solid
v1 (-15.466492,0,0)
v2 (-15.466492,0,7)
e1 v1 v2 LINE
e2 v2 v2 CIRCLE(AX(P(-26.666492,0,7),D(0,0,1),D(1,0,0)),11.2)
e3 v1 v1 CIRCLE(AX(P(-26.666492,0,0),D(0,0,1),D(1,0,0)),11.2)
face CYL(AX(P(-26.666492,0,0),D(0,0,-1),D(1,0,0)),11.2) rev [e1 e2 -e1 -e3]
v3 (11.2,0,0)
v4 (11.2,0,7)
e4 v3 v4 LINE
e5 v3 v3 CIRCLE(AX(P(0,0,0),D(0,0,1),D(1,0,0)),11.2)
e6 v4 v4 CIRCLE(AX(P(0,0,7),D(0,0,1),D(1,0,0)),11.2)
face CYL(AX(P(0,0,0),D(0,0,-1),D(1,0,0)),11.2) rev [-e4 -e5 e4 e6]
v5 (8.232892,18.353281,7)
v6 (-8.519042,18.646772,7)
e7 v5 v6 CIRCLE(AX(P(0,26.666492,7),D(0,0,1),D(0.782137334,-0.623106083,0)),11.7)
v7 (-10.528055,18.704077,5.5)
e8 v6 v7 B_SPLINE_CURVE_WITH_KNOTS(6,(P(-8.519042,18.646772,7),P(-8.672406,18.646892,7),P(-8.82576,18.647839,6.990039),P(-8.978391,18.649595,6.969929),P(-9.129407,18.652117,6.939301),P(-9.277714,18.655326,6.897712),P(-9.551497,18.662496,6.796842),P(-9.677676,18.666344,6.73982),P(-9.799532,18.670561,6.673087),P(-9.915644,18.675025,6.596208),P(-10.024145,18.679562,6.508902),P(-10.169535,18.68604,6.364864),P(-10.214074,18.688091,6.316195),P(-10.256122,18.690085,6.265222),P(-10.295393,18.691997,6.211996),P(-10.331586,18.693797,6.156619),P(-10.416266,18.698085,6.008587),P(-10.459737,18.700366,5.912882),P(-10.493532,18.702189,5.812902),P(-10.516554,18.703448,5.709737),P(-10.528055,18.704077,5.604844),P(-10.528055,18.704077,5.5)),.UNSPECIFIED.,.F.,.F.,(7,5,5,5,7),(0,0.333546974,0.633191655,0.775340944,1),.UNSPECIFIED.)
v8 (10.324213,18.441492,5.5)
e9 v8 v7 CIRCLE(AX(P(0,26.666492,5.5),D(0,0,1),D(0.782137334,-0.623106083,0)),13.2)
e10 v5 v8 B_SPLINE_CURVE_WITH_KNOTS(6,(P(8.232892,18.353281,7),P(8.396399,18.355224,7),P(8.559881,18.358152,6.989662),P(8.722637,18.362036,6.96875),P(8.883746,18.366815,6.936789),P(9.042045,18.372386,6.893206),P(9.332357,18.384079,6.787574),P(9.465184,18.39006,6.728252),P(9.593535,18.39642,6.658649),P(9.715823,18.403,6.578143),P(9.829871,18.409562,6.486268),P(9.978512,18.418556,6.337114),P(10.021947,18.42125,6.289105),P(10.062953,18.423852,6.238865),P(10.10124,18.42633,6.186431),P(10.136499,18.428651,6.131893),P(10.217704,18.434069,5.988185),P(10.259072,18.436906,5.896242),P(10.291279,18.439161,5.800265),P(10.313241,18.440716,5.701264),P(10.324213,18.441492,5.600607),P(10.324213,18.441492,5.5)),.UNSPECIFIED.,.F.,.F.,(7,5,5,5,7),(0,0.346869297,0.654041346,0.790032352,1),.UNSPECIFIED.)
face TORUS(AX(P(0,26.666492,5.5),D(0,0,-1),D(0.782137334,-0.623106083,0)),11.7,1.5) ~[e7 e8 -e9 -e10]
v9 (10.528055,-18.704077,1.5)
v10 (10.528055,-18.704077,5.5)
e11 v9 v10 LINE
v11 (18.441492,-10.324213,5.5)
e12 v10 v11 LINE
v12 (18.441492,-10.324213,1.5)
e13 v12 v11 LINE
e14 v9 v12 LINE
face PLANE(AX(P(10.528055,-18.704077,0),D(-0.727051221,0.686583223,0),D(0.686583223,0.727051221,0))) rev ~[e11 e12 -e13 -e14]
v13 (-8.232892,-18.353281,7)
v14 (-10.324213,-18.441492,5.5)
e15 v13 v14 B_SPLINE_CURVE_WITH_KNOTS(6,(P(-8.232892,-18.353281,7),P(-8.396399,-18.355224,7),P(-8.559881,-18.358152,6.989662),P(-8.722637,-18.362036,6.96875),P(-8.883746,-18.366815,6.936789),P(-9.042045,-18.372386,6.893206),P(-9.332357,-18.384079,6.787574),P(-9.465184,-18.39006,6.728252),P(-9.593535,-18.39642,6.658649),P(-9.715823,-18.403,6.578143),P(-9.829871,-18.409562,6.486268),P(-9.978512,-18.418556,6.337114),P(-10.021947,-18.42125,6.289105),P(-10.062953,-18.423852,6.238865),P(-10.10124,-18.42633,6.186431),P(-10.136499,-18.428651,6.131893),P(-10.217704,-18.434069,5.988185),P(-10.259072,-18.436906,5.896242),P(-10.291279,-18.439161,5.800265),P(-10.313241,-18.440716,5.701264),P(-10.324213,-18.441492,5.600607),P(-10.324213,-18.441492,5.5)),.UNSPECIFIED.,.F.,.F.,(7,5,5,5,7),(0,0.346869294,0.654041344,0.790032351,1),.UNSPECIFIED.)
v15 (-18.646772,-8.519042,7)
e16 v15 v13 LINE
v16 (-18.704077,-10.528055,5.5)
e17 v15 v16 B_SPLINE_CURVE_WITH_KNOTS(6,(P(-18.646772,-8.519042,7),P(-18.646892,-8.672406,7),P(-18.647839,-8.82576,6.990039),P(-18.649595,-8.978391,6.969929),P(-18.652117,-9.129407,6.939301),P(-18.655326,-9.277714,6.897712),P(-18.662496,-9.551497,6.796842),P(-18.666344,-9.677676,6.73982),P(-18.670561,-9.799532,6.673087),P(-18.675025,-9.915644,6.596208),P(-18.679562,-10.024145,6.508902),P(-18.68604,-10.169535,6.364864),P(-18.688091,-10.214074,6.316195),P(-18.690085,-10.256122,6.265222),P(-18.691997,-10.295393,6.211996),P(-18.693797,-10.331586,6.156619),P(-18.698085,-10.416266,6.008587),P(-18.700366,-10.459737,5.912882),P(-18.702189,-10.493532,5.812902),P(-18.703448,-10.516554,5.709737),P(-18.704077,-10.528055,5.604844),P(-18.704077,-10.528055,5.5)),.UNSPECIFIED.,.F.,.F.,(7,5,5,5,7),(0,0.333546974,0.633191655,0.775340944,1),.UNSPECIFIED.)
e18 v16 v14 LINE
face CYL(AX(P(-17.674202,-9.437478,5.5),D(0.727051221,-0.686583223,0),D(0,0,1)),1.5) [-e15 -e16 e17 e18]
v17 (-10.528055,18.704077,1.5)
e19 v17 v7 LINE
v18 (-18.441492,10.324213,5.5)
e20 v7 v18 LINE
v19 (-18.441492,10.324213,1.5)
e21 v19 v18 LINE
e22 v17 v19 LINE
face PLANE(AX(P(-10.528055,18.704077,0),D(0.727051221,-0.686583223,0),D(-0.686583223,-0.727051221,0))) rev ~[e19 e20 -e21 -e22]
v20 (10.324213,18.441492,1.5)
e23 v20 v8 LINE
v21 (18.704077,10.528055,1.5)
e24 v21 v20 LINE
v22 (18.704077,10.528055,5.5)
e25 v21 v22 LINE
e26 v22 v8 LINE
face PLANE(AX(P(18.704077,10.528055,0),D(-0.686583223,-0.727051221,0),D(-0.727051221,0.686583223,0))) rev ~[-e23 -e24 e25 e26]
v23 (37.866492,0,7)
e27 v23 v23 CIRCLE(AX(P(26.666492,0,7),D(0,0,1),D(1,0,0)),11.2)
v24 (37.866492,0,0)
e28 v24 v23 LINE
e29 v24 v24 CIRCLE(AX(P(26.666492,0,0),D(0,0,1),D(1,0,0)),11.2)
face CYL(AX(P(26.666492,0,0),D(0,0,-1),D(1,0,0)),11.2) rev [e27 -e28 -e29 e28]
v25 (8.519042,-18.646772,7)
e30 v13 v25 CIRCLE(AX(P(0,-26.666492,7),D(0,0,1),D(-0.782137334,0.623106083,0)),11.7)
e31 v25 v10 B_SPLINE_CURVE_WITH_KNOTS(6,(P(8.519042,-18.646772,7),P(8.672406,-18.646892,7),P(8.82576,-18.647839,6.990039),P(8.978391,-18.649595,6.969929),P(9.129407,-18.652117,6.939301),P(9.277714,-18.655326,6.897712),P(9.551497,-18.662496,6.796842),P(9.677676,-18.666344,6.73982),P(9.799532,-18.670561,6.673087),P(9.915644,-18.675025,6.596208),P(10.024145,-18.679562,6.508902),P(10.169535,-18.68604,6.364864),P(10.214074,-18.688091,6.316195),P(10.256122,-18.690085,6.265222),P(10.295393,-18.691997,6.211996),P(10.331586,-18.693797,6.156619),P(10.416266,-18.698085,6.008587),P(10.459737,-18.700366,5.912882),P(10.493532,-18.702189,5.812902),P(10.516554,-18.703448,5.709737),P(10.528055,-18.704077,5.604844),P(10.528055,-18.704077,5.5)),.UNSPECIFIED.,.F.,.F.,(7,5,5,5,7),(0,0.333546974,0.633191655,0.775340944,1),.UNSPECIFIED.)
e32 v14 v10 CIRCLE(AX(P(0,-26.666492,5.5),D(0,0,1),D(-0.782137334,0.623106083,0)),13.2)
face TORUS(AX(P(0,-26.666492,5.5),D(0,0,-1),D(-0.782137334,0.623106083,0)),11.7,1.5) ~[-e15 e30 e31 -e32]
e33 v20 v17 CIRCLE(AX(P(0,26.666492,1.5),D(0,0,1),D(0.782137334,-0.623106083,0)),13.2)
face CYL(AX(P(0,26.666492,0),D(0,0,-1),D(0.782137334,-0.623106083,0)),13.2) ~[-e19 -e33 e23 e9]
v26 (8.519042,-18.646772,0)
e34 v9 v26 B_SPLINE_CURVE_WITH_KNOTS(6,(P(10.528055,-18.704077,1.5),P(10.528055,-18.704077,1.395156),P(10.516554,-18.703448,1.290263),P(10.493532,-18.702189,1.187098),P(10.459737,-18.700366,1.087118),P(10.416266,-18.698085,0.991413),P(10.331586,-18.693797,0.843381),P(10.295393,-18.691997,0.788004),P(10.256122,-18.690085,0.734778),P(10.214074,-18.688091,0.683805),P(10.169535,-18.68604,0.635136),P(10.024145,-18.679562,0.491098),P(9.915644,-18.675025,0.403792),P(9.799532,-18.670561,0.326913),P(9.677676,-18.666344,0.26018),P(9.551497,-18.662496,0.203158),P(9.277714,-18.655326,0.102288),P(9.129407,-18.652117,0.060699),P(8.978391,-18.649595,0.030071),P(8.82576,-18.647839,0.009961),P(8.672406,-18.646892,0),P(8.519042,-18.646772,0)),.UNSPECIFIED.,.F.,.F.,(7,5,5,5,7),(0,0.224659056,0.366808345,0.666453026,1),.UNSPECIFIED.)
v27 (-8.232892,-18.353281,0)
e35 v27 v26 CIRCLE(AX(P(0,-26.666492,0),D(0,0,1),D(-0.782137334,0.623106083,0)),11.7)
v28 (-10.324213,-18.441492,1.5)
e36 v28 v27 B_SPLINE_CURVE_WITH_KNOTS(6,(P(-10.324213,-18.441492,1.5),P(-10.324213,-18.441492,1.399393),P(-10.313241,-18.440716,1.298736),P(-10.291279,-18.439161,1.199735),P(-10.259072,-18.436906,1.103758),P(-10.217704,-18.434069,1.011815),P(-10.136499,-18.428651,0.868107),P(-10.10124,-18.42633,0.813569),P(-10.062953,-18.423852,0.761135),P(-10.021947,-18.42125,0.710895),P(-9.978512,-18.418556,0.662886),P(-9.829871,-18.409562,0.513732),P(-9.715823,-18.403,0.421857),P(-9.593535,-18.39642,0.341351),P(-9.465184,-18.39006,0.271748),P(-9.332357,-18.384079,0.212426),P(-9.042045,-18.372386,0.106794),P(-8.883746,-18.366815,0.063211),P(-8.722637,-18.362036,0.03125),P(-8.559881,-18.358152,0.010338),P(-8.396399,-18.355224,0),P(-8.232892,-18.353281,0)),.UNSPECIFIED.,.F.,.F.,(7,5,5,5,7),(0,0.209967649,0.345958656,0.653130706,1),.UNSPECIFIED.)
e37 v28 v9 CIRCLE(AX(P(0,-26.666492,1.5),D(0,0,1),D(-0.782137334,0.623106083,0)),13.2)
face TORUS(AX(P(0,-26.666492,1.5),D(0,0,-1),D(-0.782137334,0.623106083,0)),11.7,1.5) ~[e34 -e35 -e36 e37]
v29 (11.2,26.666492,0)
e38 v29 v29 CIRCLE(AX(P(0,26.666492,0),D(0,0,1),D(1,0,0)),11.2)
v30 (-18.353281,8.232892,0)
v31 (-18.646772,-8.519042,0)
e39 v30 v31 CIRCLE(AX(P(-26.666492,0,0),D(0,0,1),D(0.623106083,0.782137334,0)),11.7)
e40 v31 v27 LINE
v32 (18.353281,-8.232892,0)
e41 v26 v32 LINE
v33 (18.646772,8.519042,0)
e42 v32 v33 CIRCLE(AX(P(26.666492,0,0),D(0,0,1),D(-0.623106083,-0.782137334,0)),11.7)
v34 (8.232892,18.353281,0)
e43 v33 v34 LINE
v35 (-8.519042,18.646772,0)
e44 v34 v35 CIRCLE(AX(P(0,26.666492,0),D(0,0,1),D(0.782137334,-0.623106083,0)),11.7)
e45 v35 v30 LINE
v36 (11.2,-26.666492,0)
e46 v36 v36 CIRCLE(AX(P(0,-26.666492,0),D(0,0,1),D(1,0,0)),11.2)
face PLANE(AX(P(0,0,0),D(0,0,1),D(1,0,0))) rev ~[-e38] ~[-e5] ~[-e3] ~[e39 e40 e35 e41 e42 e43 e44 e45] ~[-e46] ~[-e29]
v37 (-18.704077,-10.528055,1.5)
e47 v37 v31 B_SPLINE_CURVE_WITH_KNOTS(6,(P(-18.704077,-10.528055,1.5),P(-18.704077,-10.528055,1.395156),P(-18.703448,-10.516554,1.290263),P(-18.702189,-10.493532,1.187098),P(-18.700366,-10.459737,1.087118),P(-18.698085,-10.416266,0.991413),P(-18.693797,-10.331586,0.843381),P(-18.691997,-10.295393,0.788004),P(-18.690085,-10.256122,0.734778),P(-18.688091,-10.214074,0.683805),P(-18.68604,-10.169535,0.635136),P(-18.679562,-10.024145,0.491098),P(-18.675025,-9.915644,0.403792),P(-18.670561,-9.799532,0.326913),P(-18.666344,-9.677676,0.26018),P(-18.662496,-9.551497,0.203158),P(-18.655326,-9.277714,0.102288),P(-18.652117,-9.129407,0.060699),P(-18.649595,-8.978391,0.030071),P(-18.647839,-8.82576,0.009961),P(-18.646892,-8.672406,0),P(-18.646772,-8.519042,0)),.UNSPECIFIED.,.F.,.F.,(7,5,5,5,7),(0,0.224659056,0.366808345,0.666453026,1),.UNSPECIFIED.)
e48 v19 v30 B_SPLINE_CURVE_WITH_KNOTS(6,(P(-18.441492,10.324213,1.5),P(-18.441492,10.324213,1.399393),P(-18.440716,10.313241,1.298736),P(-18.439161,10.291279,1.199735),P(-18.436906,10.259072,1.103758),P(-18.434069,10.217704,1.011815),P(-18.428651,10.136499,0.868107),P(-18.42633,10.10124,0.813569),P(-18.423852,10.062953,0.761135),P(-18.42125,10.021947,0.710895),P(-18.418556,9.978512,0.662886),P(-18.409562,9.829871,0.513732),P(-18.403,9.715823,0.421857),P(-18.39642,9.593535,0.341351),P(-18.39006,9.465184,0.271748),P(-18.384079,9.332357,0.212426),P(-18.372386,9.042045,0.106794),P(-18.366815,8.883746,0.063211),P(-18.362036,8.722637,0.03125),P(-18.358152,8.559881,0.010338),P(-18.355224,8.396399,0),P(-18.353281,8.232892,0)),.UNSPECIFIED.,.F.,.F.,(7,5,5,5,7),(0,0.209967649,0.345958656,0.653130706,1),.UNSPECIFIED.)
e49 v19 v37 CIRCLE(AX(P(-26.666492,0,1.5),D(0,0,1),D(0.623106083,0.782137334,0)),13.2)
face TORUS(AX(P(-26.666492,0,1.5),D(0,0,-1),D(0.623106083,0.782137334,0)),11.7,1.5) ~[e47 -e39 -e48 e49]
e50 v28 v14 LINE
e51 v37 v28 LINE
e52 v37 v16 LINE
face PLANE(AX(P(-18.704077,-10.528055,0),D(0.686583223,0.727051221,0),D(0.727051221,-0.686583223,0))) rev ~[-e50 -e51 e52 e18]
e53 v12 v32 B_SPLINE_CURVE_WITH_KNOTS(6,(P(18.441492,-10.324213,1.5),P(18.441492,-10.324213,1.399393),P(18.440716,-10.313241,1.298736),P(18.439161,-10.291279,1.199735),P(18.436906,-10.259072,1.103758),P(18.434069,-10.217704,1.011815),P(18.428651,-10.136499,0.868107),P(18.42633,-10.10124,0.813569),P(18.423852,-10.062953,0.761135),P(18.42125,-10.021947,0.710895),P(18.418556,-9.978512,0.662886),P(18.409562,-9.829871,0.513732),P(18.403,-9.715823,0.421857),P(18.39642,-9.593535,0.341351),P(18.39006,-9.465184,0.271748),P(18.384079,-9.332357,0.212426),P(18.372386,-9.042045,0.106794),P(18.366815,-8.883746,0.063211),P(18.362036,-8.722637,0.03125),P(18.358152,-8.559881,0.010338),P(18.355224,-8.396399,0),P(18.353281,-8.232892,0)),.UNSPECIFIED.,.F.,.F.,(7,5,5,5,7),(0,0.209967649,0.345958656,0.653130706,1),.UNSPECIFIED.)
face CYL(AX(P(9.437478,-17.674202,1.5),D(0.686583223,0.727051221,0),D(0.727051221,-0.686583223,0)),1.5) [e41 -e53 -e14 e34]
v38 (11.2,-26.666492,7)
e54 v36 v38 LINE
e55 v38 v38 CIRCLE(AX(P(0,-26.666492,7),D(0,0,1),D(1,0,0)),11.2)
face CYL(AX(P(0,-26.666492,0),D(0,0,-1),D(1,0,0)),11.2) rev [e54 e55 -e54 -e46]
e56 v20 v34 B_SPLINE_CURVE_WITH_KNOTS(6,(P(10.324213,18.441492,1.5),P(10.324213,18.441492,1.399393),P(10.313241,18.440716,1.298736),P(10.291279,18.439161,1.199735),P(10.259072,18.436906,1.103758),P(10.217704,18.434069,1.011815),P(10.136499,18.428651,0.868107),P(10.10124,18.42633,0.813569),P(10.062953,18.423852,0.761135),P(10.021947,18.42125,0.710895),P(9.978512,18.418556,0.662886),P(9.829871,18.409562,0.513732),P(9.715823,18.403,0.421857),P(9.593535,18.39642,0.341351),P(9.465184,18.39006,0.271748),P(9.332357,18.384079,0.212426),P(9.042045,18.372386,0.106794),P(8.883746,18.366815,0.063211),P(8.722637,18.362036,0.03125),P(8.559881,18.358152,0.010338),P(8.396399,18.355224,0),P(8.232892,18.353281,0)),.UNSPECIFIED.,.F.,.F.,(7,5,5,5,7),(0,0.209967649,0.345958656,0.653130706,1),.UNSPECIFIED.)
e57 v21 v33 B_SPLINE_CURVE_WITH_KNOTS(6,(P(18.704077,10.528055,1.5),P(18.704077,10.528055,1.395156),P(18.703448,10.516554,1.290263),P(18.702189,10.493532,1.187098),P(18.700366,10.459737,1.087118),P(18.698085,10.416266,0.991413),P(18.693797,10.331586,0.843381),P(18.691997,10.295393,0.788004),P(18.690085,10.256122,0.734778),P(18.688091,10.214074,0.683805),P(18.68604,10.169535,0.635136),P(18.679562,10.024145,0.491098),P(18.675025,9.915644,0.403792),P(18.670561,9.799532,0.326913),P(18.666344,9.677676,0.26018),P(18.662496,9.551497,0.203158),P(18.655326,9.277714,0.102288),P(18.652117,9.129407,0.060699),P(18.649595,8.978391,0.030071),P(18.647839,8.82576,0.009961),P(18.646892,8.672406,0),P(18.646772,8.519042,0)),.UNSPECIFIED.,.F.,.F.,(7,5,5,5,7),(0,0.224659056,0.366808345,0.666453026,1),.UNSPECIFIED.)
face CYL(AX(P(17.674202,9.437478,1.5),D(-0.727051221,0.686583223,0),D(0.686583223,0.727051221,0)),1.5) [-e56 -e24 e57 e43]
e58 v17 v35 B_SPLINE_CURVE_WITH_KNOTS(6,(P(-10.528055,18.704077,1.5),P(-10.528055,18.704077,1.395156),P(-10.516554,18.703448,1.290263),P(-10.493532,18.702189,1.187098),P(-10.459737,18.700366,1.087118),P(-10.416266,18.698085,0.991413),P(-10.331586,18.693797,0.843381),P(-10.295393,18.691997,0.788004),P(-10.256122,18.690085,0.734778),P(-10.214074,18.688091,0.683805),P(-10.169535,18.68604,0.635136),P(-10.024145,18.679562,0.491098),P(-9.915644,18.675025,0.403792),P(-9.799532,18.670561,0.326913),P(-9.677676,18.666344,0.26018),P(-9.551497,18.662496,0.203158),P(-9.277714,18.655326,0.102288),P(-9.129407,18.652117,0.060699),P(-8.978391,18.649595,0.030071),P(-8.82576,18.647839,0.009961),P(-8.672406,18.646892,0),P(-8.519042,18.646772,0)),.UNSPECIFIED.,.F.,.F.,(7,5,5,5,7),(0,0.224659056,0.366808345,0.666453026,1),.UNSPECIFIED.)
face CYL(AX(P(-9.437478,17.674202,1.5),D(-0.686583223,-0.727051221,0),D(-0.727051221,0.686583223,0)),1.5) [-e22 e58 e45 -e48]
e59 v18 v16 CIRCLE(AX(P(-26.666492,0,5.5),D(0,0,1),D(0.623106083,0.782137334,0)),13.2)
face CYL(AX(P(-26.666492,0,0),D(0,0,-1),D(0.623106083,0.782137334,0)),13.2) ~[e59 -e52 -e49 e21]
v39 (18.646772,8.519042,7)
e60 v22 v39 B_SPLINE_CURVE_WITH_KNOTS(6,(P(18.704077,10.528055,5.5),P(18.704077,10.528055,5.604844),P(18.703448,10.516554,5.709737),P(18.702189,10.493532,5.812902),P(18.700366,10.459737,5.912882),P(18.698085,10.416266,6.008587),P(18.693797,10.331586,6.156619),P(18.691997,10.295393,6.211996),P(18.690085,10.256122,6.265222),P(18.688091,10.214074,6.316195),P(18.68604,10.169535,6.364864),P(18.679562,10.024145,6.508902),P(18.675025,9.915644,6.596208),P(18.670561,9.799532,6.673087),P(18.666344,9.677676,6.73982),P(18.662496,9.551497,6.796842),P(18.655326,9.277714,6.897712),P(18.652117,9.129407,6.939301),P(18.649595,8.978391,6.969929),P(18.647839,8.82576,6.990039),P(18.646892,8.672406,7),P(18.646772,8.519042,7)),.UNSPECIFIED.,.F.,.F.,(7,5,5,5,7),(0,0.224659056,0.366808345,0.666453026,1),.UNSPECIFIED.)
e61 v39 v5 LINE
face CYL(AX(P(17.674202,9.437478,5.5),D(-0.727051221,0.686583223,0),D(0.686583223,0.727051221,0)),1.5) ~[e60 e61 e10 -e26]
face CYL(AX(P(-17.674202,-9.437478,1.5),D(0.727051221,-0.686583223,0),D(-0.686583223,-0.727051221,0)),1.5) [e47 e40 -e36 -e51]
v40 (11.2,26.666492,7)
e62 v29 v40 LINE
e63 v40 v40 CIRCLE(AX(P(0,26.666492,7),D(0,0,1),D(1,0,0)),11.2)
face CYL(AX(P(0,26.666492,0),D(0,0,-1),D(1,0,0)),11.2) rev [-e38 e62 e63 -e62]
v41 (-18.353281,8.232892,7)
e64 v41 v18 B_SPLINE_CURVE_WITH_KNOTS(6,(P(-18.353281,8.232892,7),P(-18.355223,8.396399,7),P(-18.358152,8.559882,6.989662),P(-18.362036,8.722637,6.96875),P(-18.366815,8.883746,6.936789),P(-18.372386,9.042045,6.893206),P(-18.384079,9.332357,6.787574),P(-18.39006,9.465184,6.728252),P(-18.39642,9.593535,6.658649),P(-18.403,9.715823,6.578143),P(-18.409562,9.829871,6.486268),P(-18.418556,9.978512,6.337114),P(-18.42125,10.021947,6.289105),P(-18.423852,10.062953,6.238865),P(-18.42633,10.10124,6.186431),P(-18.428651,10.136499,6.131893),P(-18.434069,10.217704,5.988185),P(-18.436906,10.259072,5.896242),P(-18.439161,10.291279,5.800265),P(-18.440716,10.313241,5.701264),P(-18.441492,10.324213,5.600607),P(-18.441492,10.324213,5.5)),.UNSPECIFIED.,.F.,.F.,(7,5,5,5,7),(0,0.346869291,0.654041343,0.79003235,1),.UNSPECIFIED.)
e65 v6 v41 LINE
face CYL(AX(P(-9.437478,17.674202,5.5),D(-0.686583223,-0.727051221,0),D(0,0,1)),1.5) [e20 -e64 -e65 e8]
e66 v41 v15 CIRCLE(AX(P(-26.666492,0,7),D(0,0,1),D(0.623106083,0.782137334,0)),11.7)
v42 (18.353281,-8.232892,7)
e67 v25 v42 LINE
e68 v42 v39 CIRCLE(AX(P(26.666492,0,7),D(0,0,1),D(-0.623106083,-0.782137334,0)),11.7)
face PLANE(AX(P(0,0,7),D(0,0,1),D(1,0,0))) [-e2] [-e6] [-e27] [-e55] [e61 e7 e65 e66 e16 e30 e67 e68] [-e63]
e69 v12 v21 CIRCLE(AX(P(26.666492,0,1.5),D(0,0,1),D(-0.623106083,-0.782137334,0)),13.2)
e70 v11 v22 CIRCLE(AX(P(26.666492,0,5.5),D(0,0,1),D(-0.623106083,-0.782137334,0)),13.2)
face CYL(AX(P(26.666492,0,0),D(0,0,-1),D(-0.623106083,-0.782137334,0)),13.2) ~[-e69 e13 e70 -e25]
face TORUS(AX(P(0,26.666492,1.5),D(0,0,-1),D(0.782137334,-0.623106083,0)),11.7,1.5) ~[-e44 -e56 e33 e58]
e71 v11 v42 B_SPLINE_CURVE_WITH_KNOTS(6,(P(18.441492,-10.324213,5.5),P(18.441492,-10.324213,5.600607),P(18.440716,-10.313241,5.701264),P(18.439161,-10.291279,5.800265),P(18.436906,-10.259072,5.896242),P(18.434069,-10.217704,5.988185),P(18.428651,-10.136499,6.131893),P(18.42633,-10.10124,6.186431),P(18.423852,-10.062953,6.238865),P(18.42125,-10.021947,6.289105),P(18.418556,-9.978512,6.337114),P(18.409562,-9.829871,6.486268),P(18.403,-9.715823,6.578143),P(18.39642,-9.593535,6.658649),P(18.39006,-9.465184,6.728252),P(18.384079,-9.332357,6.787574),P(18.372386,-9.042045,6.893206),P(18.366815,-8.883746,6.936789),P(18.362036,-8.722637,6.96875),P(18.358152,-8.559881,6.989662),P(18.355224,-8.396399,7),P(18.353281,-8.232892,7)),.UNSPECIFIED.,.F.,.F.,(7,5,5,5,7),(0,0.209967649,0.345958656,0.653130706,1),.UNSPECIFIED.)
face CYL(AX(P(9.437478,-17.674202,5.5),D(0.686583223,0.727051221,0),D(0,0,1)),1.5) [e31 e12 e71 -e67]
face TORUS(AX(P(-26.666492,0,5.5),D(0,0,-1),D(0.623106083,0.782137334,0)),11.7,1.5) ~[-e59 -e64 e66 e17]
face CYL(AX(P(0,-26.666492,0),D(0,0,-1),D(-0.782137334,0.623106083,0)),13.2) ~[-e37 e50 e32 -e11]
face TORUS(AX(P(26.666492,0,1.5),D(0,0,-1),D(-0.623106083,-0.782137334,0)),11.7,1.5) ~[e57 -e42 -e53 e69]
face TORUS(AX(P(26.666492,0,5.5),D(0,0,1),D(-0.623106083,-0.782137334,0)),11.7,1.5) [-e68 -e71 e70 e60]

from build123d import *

# Parameters (mm, degrees)
F0_R     = 11.2
F1_DEPTH = 7
F2_R     = 1.5
F3_R     = 1.5


with BuildPart() as f1:
    # F0 (on Top) → F1 (new body)
    with BuildSketch(Plane.XY):
        with BuildLine():
            Line((18.704077, 10.528055), (10.324213, 18.441492))
            ThreePointArc((10.324213, 18.441492), (0.166209, 39.865446), (-10.528055, 18.704077))
            Line((-10.528055, 18.704077), (-18.441492, 10.324213))
            ThreePointArc((-18.441492, 10.324213), (-39.865446, 0.166209), (-18.704077, -10.528055))
            Line((-18.704077, -10.528055), (-10.324213, -18.441492))
            ThreePointArc((-10.324213, -18.441492), (-0.166209, -39.865446), (10.528055, -18.704077))
            Line((10.528055, -18.704077), (18.441492, -10.324213))
            ThreePointArc((18.441492, -10.324213), (39.865446, -0.166209), (18.704077, 10.528055))
        make_face()
        with Locations((0, -26.666492)):
            Circle(F0_R, mode=Mode.SUBTRACT)
        with Locations((-26.666492, 0)):
            Circle(F0_R, mode=Mode.SUBTRACT)
        Circle(F0_R, mode=Mode.SUBTRACT)
        with Locations((26.666492, 0)):
            Circle(F0_R, mode=Mode.SUBTRACT)
        with Locations((0, 26.666492)):
            Circle(F0_R, mode=Mode.SUBTRACT)
    extrude(amount=F1_DEPTH)

    # F2
    f2_edges = [f1.edges().sort_by_distance(p)[0] for p in [
        (14.484773, -14.514145, 0),
        (39.865446, -0.166209, 0),
        (14.514145, 14.484773, 0),
        (0.166209, 39.865446, 0),
        (-14.484773, 14.514145, 0),
        (-39.865446, 0.166209, 0),
        (-14.514145, -14.484773, 0),
        (-0.166209, -39.865446, 0),
    ]]
    fillet(f2_edges, radius=F2_R)

    # F3
    f3_edges = [f1.edges().sort_by_distance(p)[0] for p in [
        (0.166209, 39.865446, 7),
        (14.514145, 14.484773, 7),
        (39.865446, -0.166209, 7),
        (14.484773, -14.514145, 7),
        (-0.166209, -39.865446, 7),
        (-14.514145, -14.484773, 7),
        (-39.865446, 0.166209, 7),
        (-14.484773, 14.514145, 7),
    ]]
    fillet(f3_edges, radius=F3_R)


solid = f1.part
